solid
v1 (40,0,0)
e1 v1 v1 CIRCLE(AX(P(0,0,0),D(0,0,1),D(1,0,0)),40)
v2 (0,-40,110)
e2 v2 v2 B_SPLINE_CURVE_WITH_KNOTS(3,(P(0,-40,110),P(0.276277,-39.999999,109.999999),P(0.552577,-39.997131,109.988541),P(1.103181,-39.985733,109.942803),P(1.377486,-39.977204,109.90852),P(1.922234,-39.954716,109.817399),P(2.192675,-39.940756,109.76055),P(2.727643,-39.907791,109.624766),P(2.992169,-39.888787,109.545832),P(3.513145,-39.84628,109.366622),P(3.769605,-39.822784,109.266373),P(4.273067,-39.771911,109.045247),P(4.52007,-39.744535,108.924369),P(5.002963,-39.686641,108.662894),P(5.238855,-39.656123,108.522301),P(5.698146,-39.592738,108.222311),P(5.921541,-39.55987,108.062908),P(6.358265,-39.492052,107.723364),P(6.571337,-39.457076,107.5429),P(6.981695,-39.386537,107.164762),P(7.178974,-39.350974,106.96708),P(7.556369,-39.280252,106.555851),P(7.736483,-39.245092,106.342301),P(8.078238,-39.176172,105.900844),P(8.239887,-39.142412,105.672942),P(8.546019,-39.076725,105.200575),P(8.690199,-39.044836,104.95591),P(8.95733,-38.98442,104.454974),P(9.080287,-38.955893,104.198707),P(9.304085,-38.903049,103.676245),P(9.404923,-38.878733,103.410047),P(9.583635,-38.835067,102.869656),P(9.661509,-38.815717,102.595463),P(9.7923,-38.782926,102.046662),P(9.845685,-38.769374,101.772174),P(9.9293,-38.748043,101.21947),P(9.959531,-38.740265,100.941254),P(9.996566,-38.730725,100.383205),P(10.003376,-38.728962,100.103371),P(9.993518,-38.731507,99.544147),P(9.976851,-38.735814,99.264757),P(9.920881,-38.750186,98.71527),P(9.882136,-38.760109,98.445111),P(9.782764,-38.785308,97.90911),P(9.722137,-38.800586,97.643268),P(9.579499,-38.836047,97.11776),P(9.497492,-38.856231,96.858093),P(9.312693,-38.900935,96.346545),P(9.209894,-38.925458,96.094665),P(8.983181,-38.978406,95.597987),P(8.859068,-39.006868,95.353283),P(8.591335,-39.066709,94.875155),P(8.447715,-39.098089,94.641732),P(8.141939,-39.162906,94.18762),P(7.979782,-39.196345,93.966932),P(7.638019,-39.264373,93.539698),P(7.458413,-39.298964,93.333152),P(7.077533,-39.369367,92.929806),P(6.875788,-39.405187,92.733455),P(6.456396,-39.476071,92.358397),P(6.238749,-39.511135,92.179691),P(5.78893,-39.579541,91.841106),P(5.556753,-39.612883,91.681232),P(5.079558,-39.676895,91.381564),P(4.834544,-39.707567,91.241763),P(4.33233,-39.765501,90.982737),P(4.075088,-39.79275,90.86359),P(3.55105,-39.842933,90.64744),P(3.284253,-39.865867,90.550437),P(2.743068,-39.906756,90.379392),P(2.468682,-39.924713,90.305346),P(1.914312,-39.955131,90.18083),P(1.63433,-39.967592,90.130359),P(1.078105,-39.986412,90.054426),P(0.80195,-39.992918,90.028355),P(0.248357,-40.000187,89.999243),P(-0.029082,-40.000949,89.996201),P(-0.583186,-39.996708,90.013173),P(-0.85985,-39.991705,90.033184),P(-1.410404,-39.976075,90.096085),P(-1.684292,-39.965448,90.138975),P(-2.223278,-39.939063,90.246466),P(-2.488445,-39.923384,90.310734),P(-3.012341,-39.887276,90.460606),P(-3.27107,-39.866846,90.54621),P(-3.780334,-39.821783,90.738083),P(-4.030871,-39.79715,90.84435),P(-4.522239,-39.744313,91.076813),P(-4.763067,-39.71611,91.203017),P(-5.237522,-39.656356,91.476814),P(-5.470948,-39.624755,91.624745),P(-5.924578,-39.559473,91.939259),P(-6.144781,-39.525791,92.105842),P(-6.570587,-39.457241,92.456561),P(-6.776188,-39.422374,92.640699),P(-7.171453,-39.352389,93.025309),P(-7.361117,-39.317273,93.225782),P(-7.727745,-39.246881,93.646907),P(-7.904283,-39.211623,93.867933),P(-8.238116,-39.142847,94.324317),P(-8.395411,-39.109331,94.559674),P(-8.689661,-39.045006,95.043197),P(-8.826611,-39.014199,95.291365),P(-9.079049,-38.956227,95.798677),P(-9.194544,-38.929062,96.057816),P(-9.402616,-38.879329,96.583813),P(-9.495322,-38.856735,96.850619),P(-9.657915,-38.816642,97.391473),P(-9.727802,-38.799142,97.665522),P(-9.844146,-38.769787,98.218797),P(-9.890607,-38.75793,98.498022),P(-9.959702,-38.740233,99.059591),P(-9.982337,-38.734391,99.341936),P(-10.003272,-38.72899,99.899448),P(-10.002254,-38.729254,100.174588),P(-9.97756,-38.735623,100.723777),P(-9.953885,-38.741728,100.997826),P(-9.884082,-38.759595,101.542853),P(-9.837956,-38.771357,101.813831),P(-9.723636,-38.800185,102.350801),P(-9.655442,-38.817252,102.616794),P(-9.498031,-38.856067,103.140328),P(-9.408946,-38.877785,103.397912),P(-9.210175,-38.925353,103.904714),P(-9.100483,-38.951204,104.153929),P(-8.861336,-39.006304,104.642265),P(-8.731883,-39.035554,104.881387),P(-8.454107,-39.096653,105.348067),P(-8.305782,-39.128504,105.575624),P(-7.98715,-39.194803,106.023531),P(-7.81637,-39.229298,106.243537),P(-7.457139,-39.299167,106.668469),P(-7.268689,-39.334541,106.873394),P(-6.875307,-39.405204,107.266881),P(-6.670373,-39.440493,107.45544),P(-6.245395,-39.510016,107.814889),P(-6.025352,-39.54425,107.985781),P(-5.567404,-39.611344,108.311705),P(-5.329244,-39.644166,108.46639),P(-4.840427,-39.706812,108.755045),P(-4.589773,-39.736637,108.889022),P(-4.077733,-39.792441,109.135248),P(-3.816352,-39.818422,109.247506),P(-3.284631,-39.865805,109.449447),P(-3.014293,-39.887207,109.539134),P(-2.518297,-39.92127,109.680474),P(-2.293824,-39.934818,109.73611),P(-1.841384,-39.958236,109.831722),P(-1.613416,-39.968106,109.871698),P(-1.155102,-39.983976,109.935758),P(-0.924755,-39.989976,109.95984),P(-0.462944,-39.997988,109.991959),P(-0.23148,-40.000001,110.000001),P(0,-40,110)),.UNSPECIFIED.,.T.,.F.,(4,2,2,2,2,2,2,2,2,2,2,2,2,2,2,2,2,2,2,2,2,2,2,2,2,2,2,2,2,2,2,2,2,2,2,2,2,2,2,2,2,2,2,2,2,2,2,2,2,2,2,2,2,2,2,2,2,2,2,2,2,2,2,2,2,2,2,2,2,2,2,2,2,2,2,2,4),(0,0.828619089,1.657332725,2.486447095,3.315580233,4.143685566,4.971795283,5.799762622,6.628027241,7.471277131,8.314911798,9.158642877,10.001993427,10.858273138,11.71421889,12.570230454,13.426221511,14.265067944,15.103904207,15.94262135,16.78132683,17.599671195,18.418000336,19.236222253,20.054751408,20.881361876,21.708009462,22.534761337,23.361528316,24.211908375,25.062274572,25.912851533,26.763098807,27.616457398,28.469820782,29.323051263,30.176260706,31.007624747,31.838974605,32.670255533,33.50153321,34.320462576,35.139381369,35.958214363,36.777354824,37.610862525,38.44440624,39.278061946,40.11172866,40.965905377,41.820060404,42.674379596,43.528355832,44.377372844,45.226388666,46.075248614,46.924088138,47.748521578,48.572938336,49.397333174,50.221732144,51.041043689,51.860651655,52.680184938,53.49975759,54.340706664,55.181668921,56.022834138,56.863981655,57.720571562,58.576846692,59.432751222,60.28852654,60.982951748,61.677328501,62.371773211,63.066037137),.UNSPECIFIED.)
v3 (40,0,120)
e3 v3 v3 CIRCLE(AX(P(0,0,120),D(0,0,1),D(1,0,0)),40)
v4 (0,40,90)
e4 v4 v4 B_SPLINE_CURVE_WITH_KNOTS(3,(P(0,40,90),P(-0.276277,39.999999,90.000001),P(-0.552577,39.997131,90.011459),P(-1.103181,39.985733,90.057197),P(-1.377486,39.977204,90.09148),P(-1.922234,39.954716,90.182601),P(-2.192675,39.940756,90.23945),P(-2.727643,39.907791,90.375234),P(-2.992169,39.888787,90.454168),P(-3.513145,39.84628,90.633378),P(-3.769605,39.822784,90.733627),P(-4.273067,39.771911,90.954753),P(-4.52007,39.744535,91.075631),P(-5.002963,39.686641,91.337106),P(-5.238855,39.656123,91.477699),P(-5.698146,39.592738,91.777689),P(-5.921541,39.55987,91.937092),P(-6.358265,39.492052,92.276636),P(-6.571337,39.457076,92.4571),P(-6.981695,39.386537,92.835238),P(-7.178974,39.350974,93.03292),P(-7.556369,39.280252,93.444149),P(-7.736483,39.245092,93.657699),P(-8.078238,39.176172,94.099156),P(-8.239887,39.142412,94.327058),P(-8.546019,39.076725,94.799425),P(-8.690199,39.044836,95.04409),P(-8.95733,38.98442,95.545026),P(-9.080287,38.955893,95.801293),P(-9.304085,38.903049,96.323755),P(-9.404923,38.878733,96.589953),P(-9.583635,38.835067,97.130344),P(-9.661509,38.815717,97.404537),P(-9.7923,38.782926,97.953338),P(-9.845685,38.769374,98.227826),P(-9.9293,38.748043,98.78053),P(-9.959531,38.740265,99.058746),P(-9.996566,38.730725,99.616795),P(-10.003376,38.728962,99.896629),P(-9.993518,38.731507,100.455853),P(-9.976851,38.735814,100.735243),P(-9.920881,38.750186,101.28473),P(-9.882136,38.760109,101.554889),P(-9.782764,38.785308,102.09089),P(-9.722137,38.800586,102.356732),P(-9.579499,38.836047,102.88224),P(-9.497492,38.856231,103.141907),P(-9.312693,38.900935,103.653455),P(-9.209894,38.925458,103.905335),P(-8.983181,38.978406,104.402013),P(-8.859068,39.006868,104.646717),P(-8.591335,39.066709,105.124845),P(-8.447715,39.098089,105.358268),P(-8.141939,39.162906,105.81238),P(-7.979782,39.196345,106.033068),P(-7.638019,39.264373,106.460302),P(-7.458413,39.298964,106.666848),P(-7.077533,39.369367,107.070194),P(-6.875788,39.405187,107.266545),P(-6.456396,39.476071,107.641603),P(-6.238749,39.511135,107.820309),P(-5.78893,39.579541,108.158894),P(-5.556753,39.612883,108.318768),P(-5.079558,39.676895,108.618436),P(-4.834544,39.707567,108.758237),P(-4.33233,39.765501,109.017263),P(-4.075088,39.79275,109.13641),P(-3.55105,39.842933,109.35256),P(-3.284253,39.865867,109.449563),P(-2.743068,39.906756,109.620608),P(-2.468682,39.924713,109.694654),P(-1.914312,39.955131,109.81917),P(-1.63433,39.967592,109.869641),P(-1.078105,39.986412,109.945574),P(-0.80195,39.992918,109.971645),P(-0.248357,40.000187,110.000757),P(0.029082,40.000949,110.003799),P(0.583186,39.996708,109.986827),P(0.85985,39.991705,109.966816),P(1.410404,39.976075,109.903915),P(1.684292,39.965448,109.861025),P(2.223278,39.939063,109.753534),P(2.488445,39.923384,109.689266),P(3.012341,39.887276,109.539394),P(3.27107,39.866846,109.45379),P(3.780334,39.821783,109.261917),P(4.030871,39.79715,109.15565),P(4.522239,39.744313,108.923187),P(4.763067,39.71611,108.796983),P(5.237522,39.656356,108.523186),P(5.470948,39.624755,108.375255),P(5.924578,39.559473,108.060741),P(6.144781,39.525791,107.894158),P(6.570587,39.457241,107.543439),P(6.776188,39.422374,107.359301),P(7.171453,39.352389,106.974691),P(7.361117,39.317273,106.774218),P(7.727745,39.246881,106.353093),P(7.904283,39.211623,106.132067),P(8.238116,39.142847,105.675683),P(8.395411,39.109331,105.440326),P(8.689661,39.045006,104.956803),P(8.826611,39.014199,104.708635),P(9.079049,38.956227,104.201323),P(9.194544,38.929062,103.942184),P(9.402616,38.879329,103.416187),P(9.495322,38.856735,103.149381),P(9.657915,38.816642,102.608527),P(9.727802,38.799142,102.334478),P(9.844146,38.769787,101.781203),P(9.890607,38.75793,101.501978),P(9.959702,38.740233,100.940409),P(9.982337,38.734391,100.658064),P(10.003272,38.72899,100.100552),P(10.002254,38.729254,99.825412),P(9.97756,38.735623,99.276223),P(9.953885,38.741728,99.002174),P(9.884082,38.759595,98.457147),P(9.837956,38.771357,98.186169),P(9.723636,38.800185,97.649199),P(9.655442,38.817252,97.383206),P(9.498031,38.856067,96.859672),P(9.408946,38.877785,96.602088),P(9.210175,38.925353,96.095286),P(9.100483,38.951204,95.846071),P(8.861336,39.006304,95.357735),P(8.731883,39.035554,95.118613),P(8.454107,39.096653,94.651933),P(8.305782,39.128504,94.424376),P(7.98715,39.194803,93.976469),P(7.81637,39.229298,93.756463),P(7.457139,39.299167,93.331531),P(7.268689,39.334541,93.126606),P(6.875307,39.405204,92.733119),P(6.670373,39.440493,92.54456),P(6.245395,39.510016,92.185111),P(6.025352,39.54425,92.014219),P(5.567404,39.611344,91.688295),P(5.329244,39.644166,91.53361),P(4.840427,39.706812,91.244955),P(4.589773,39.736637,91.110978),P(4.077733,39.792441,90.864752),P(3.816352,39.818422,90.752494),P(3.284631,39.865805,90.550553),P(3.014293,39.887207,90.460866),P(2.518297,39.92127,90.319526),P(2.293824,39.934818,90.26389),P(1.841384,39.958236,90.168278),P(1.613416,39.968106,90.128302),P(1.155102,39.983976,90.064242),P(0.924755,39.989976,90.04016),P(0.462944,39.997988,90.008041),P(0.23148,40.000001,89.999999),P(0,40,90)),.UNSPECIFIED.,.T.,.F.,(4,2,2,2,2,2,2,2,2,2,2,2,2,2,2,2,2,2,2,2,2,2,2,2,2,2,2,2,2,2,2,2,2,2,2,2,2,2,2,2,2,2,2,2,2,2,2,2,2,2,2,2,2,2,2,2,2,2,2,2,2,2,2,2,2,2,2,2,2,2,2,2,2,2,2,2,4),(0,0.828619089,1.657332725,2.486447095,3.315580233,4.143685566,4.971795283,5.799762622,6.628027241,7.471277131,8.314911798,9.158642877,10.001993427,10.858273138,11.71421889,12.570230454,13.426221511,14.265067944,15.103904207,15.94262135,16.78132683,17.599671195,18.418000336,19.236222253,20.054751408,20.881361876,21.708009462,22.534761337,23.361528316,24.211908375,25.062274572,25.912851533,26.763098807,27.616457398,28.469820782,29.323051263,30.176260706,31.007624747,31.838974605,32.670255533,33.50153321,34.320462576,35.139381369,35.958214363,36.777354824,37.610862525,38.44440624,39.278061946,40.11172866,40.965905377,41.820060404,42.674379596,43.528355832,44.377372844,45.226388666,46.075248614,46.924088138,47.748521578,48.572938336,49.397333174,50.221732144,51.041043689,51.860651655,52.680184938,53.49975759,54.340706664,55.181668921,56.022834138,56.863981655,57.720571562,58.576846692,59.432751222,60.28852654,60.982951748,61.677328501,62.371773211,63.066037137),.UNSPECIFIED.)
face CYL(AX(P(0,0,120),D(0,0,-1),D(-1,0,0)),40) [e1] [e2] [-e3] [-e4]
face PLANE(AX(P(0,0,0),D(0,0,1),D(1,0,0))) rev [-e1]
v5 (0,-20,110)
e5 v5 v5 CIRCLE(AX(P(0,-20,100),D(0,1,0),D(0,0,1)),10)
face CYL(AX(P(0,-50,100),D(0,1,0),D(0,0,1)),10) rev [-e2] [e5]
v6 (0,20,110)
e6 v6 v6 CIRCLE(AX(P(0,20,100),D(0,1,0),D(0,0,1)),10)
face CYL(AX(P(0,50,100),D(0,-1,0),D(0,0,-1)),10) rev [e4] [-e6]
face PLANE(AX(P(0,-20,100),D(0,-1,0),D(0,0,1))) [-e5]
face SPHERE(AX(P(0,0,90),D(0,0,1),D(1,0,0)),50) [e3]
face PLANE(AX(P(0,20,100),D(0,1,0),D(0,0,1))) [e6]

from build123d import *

# Parameters (mm, degrees)
IZIM1_R                     = 40
Y_KSEKLIK_EKSTR_ZYON1_DEPTH = 120
IZIM2_R                     = 10
KES_EKSTR_ZYON1_DEPTH       = 30
KUBBE1_FACE_RADIUS          = 40
KUBBE1_HEIGHT               = 20


with BuildPart() as part:
    # Çizim1 → Yükseklik-Ekstrüzyon1 (new body)
    with BuildSketch(Plane.XY):
        Circle(IZIM1_R)
    extrude(amount=Y_KSEKLIK_EKSTR_ZYON1_DEPTH)

    # Çizim2 → Kes-Ekstrüzyon1 (cut)
    with BuildSketch(Plane(origin=(0, 20, 0), x_dir=(1, 0, 0), z_dir=(0, 1, 0))):
        with Locations(Location((0, -100, 0), (0, 0, 90))):
            Circle(IZIM2_R)
    kes_ekstr_zyon1 = extrude(amount=KES_EKSTR_ZYON1_DEPTH, mode=Mode.SUBTRACT)

    # Aynalama1: Kes-Ekstrüzyon1 across plane
    add(kes_ekstr_zyon1.mirror(Plane.ZX), mode=Mode.SUBTRACT)

    # Kubbe1: a dome of height H over a round flat face of radius A is a cap of a sphere of radius (A * A + H * H) / (2 * H)
    kubbe1_r = (KUBBE1_FACE_RADIUS * KUBBE1_FACE_RADIUS + KUBBE1_HEIGHT * KUBBE1_HEIGHT) / (2 * KUBBE1_HEIGHT)
    kubbe1_base = Plane((0, 0, 120), z_dir=(0, 0, 1))
    with Locations(kubbe1_base.offset(KUBBE1_HEIGHT - kubbe1_r)):
        kubbe1_ball = Sphere(kubbe1_r, mode=Mode.PRIVATE)
    add(split(kubbe1_ball, bisect_by=kubbe1_base, keep=Keep.TOP, mode=Mode.PRIVATE))


solid = part.part
